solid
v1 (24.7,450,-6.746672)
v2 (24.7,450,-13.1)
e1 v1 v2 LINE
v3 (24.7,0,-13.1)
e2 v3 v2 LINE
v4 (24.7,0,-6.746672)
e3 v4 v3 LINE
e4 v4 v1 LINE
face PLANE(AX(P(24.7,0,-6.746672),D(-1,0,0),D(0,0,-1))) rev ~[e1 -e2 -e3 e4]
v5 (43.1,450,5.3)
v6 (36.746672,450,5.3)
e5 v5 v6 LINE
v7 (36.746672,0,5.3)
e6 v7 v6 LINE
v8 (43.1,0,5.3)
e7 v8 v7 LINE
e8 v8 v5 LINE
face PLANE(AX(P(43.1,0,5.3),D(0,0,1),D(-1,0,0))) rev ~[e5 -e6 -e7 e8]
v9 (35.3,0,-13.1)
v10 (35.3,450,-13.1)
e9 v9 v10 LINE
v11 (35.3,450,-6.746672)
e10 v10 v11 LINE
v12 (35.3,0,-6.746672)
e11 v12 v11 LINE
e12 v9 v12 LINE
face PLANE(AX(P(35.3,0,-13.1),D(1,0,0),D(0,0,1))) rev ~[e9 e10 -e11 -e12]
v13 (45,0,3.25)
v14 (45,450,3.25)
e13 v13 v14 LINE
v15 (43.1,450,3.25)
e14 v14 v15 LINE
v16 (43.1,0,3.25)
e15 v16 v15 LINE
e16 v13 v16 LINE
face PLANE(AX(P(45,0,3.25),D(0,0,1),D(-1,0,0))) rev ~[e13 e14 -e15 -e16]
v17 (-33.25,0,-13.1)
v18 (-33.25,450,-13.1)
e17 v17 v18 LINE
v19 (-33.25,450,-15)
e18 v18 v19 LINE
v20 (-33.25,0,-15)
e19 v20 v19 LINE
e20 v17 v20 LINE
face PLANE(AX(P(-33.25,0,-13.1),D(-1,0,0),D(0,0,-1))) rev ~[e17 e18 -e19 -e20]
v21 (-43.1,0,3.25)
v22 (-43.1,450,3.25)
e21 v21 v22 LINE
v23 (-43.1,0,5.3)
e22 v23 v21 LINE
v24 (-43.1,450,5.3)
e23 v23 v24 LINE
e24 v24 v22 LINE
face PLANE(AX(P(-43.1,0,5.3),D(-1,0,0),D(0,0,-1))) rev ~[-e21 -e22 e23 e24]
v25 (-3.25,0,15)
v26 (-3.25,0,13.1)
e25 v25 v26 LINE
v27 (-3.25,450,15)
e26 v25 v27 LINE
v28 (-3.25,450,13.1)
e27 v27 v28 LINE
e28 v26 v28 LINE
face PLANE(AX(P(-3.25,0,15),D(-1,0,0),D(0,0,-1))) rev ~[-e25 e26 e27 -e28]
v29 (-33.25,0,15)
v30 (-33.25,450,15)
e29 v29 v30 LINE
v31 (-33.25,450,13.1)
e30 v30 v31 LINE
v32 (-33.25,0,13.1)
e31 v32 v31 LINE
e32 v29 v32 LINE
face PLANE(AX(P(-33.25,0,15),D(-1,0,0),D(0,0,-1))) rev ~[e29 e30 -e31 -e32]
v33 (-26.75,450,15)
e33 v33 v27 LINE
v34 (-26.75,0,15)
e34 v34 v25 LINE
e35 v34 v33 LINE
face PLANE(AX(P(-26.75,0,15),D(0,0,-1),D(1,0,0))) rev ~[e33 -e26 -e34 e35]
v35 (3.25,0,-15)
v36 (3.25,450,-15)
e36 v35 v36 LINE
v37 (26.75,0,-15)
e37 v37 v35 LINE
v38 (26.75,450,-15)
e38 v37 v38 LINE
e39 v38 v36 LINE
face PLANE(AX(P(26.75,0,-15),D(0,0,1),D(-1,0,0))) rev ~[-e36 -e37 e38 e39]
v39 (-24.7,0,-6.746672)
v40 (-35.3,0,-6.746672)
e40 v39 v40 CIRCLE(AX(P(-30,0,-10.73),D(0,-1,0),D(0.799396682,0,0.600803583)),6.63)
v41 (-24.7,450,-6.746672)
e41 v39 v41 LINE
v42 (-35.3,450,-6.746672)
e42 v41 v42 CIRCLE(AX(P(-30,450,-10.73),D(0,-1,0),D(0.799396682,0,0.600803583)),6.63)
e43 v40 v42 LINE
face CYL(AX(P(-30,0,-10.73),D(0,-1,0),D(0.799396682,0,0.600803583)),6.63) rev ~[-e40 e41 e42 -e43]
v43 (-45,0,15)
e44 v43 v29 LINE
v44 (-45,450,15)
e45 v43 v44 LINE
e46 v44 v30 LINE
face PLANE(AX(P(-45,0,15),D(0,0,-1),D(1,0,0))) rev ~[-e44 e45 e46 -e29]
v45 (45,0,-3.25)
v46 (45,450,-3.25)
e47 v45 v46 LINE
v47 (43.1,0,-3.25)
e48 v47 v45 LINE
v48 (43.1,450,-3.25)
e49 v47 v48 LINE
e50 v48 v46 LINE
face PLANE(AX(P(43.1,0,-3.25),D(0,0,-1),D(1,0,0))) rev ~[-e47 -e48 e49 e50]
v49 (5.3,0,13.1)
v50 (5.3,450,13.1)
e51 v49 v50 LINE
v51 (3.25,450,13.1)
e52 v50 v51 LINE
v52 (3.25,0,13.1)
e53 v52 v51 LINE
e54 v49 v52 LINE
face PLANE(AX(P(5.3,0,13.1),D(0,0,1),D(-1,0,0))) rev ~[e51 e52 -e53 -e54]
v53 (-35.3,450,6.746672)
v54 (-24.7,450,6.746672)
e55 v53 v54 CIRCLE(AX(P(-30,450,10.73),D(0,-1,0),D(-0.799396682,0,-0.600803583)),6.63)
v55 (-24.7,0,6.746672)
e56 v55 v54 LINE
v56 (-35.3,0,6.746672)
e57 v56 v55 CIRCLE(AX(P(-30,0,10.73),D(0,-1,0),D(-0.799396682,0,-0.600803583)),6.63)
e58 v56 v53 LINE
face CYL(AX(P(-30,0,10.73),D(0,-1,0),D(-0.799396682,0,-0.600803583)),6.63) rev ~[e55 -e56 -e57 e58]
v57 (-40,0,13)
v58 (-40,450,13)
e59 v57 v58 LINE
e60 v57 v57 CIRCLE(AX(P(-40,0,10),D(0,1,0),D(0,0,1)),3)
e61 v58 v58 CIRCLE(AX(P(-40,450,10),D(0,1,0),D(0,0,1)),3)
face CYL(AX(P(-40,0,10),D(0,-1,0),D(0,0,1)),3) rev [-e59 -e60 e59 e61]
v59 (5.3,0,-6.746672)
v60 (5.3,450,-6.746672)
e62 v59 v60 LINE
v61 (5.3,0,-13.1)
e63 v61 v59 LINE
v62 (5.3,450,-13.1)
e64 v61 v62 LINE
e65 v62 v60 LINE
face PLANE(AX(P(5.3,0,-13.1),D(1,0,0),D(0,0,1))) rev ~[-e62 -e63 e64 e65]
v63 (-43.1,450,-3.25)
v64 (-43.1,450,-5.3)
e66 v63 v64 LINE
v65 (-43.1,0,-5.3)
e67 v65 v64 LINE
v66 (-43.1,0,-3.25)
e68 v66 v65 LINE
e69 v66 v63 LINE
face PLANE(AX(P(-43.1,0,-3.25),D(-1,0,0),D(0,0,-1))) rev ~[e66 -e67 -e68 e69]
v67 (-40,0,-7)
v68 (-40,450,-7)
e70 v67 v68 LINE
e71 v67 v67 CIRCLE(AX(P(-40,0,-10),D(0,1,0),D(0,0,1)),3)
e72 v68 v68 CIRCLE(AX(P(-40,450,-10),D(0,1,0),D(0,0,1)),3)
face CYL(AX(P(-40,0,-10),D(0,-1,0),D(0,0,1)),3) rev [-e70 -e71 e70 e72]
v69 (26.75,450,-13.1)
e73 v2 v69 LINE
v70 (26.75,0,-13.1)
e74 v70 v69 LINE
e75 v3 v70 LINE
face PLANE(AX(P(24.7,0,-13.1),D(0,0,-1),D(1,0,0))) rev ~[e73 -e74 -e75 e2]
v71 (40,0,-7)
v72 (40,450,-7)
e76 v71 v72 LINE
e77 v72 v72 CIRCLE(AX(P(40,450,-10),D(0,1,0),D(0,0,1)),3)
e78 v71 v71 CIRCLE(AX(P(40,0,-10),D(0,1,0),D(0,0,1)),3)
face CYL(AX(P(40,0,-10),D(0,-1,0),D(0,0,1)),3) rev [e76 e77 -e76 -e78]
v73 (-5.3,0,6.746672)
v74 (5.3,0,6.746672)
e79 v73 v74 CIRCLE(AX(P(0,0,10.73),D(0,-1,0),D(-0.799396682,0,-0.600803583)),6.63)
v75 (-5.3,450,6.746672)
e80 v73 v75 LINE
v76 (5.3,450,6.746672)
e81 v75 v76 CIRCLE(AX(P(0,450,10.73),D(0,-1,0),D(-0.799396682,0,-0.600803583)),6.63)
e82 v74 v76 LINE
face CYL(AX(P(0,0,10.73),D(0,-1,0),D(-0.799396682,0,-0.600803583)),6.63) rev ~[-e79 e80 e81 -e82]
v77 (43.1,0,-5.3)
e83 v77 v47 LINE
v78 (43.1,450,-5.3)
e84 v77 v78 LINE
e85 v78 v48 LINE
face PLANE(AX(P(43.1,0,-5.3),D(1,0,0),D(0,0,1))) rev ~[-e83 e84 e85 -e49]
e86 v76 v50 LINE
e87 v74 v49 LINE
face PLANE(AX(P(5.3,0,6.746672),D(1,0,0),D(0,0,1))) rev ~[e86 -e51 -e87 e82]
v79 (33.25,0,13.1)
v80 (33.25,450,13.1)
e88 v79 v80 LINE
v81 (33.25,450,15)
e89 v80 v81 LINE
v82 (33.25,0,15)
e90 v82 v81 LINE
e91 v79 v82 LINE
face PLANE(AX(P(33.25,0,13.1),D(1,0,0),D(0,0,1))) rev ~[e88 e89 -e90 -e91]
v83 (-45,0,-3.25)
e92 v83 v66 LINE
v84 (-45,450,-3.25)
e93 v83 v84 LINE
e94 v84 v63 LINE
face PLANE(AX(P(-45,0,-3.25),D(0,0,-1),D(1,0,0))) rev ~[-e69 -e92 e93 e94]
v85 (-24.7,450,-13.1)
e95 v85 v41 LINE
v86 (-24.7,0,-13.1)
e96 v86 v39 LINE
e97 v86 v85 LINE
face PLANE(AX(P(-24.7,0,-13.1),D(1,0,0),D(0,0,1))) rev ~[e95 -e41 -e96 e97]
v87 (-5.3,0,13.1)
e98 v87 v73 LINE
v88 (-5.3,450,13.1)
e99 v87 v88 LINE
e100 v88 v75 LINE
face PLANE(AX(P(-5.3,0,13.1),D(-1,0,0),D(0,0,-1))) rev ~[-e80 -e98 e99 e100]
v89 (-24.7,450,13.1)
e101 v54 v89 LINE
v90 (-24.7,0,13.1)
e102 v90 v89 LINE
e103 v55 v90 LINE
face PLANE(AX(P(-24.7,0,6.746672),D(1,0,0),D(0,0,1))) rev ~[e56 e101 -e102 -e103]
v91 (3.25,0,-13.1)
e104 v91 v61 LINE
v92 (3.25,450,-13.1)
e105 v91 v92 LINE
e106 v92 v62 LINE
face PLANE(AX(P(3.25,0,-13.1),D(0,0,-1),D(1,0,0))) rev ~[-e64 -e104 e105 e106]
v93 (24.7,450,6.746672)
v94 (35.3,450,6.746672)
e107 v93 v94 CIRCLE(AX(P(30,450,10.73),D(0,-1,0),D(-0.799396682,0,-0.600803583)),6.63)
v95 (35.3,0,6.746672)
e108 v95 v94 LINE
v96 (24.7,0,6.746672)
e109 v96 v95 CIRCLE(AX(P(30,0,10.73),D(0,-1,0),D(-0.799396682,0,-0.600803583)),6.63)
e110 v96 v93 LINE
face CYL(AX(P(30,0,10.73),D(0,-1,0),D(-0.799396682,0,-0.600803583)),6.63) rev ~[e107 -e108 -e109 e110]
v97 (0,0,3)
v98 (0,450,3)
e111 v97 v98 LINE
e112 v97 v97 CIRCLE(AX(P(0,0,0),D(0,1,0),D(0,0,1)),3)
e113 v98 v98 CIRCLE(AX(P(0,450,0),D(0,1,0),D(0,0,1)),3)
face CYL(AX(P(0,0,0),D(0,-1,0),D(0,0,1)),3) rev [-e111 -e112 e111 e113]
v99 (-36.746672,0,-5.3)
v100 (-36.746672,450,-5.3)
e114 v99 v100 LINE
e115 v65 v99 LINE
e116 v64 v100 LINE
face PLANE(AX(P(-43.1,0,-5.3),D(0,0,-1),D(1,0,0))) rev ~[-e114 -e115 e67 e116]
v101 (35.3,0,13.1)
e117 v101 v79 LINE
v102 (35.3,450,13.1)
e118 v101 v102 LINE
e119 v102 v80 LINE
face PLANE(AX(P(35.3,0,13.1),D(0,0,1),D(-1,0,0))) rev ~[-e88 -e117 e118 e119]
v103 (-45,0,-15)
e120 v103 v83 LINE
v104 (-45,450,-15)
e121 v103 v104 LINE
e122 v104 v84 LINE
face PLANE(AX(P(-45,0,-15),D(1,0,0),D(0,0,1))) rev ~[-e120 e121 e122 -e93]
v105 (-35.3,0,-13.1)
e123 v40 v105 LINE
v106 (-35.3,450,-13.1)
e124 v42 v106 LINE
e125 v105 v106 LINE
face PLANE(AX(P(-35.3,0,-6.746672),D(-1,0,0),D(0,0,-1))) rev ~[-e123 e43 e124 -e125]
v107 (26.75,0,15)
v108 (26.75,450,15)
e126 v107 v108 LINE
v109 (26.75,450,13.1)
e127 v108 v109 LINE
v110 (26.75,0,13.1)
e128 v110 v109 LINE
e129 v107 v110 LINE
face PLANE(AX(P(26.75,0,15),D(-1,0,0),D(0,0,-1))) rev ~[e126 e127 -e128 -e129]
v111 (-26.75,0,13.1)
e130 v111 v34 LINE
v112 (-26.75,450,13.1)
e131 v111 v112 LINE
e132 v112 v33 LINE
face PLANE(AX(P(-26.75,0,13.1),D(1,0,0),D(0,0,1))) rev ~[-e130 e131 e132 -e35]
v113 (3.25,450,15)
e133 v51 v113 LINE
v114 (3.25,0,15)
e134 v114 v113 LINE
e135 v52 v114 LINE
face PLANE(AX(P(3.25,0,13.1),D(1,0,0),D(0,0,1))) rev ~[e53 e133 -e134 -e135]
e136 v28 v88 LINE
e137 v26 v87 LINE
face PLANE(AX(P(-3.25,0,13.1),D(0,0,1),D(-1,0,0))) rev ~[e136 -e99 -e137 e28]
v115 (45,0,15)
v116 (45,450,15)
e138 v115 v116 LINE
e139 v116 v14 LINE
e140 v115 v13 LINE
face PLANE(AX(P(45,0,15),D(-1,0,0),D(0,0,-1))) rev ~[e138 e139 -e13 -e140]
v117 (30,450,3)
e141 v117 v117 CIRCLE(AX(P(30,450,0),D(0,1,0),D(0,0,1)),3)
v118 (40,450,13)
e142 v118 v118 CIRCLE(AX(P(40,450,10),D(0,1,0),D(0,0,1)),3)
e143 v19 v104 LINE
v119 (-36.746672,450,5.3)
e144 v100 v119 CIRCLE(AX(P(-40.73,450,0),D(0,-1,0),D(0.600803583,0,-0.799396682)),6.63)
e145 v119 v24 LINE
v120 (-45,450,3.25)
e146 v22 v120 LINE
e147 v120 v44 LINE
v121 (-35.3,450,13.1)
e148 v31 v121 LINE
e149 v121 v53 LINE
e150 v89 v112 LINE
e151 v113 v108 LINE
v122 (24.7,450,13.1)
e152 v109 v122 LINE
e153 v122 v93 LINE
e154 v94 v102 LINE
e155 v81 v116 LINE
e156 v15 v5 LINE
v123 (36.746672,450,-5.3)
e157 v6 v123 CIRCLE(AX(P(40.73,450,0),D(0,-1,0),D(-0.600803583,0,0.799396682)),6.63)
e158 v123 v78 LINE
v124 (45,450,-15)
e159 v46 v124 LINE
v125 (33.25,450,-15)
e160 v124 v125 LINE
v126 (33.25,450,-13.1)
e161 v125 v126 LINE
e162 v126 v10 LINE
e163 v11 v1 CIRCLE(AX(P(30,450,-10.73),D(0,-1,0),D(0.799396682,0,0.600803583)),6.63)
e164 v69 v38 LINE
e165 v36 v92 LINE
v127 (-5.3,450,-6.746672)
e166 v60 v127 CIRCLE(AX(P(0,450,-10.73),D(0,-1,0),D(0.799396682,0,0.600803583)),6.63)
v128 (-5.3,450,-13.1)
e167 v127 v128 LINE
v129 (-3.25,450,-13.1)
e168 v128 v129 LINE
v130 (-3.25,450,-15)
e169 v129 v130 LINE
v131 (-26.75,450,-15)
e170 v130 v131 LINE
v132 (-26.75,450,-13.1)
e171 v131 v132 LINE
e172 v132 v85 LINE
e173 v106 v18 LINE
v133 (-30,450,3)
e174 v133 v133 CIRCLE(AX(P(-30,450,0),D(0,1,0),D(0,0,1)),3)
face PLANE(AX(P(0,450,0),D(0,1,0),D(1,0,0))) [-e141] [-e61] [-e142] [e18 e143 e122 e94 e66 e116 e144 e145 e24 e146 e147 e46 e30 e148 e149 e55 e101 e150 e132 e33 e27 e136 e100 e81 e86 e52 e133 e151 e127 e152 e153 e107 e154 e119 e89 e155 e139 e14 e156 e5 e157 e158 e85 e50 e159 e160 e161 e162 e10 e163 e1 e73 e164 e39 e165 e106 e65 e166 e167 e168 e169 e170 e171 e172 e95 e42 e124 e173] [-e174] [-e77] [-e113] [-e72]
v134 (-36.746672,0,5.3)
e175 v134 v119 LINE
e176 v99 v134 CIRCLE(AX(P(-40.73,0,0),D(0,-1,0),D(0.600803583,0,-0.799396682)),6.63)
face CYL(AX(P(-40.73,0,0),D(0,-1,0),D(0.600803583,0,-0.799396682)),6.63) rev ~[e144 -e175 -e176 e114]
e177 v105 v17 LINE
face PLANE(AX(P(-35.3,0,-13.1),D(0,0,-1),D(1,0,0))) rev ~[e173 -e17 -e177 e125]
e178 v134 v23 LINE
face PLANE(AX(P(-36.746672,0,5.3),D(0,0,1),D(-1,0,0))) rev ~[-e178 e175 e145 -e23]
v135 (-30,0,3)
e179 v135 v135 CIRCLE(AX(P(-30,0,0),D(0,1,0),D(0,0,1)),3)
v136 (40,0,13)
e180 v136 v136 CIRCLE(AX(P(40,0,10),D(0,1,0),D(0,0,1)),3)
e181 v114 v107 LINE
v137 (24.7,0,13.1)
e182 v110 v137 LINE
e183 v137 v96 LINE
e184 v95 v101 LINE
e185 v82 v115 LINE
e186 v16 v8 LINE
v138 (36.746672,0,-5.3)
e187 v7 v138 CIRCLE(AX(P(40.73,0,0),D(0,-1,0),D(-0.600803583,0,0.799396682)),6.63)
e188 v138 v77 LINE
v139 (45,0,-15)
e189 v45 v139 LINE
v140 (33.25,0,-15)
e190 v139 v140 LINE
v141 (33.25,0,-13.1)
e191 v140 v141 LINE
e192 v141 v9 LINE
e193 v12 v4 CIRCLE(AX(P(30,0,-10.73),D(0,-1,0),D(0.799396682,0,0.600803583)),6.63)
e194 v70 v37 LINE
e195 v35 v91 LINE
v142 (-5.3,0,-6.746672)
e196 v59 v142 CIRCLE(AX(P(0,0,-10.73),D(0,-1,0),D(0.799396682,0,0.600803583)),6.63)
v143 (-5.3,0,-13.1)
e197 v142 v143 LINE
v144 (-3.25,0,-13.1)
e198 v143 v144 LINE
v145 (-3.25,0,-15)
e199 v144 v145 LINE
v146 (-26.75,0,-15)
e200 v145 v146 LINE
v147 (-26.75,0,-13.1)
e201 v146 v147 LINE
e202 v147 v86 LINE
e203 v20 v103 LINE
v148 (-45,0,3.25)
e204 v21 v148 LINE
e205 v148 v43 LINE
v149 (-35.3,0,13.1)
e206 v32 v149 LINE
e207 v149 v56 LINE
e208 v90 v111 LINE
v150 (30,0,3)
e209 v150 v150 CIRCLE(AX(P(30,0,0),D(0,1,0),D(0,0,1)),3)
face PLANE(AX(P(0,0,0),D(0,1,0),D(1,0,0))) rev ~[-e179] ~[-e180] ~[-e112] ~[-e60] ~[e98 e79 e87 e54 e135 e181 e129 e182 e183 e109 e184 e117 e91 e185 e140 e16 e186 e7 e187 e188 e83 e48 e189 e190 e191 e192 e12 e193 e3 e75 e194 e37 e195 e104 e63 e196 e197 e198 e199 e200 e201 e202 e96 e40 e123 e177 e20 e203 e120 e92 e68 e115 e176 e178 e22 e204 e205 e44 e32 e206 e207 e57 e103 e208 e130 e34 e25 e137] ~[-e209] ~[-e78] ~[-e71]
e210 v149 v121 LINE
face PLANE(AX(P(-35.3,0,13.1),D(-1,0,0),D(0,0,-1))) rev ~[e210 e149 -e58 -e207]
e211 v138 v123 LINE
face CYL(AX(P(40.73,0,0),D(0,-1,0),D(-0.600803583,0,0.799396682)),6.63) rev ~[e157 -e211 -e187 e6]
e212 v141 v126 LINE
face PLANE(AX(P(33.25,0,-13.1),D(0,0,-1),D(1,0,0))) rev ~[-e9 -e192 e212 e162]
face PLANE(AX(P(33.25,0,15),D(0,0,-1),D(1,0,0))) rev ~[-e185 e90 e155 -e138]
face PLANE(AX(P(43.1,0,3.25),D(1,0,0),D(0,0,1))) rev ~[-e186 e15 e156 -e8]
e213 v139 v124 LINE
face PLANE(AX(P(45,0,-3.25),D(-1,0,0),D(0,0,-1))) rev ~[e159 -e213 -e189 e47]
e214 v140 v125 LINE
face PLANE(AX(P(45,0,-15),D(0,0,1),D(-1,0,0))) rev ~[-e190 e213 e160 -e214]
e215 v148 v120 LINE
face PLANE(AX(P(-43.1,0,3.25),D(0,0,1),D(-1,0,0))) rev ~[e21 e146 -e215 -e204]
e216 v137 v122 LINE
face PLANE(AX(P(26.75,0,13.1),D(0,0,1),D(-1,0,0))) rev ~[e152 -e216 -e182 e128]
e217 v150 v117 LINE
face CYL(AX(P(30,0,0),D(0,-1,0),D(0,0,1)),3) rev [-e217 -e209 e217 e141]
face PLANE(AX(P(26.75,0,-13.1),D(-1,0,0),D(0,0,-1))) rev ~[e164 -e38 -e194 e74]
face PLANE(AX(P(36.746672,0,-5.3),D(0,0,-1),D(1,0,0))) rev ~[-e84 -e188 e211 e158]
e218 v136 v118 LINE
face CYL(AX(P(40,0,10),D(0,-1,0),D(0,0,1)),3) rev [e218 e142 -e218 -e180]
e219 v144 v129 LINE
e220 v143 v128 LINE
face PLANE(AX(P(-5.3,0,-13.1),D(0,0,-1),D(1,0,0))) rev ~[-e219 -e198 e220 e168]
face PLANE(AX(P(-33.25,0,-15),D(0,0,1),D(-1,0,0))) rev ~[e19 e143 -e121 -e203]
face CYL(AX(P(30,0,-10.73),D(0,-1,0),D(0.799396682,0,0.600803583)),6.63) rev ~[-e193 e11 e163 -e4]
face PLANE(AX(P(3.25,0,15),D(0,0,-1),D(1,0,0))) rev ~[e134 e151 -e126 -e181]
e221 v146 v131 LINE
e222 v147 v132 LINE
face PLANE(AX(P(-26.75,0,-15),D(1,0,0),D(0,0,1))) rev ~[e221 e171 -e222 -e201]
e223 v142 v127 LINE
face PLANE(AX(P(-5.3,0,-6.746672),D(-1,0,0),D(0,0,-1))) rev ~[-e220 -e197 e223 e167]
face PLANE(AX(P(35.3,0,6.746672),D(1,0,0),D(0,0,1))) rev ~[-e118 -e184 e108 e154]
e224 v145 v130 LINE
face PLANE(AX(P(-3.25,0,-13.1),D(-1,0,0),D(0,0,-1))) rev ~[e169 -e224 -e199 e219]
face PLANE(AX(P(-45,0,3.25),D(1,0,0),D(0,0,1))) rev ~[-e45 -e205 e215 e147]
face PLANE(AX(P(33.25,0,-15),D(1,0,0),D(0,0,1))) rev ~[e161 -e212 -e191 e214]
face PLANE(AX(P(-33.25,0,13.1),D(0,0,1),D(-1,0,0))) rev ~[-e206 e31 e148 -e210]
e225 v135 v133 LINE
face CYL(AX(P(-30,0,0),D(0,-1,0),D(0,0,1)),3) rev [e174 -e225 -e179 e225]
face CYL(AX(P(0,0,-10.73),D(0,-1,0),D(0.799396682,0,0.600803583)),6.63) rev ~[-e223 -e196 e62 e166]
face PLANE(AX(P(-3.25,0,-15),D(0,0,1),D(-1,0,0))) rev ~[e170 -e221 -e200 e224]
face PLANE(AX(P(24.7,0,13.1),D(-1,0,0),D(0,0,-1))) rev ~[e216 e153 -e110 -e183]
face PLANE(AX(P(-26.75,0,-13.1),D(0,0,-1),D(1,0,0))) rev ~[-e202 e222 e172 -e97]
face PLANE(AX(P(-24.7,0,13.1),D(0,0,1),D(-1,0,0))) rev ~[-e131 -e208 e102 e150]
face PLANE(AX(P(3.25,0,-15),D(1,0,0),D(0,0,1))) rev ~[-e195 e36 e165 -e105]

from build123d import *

# Parameters (mm, degrees)
SKETCH_1_R      = 3
EXTRUDE_1_DEPTH = 450


with BuildPart() as part:
    # 草图1 → 凸台-拉伸1 (new body)
    with BuildSketch(Plane(origin=(0, 0, 0), x_dir=(1, 0, 0), z_dir=(0, 1, 0))):
        with BuildLine():
            Line((-33.25, 15), (-45, 15))
            Line((-45, 15), (-45, 3.25))
            Line((-45, 3.25), (-43.1, 3.25))
            Line((-43.1, 3.25), (-43.1, 5.3))
            Line((-43.1, 5.3), (-36.746672245, 5.3))
            ThreePointArc((-36.746672245, 5.3), (-34.1, 0), (-36.746672245, -5.3))
            Line((-36.746672245, -5.3), (-43.1, -5.3))
            Line((-43.1, -5.3), (-43.1, -3.25))
            Line((-43.1, -3.25), (-45, -3.25))
            Line((-45, -3.25), (-45, -15))
            Line((-45, -15), (-33.25, -15))
            Line((-33.25, -15), (-33.25, -13.1))
            Line((-33.25, -13.1), (-35.3, -13.1))
            Line((-35.3, -13.1), (-35.3, -6.746672245))
            ThreePointArc((-35.3, -6.746672245), (-30, -4.1), (-24.7, -6.746672245))
            Line((-24.7, -6.746672245), (-24.7, -13.1))
            Line((-24.7, -13.1), (-26.75, -13.1))
            Line((-26.75, -13.1), (-26.75, -15))
            Line((-26.75, -15), (-3.25, -15))
            Line((-3.25, -15), (-3.25, -13.1))
            Line((-3.25, -13.1), (-5.3, -13.1))
            Line((-5.3, -13.1), (-5.3, -6.746672245))
            ThreePointArc((-5.3, -6.746672245), (0, -4.1), (5.3, -6.746672245))
            Line((5.3, -6.746672245), (5.3, -13.1))
            Line((5.3, -13.1), (3.25, -13.1))
            Line((3.25, -13.1), (3.25, -15))
            Line((3.25, -15), (26.75, -15))
            Line((26.75, -15), (26.75, -13.1))
            Line((26.75, -13.1), (24.7, -13.1))
            Line((24.7, -13.1), (24.7, -6.746672245))
            ThreePointArc((24.7, -6.746672245), (30, -4.1), (35.3, -6.746672245))
            Line((35.3, -6.746672245), (35.3, -13.1))
            Line((35.3, -13.1), (33.25, -13.1))
            Line((33.25, -13.1), (33.25, -15))
            Line((33.25, -15), (45, -15))
            Line((45, -15), (45, -3.25))
            Line((45, -3.25), (43.1, -3.25))
            Line((43.1, -3.25), (43.1, -5.3))
            Line((43.1, -5.3), (36.746672245, -5.3))
            ThreePointArc((36.746672245, -5.3), (34.1, 0), (36.746672245, 5.3))
            Line((36.746672245, 5.3), (43.1, 5.3))
            Line((43.1, 5.3), (43.1, 3.25))
            Line((43.1, 3.25), (45, 3.25))
            Line((45, 3.25), (45, 15))
            Line((45, 15), (33.25, 15))
            Line((33.25, 15), (33.25, 13.1))
            Line((33.25, 13.1), (35.3, 13.1))
            Line((35.3, 13.1), (35.3, 6.746672245))
            ThreePointArc((35.3, 6.746672245), (30, 4.1), (24.7, 6.746672245))
            Line((24.7, 6.746672245), (24.7, 13.1))
            Line((24.7, 13.1), (26.75, 13.1))
            Line((26.75, 13.1), (26.75, 15))
            Line((26.75, 15), (3.25, 15))
            Line((3.25, 15), (3.25, 13.1))
            Line((3.25, 13.1), (5.3, 13.1))
            Line((5.3, 13.1), (5.3, 6.746672245))
            ThreePointArc((5.3, 6.746672245), (0, 4.1), (-5.3, 6.746672245))
            Line((-5.3, 6.746672245), (-5.3, 13.1))
            Line((-5.3, 13.1), (-3.25, 13.1))
            Line((-3.25, 13.1), (-3.25, 15))
            Line((-3.25, 15), (-26.75, 15))
            Line((-26.75, 15), (-26.75, 13.1))
            Line((-26.75, 13.1), (-24.7, 13.1))
            Line((-24.7, 13.1), (-24.7, 6.746672245))
            ThreePointArc((-24.7, 6.746672245), (-30, 4.1), (-35.3, 6.746672245))
            Line((-35.3, 6.746672245), (-35.3, 13.1))
            Line((-35.3, 13.1), (-33.25, 13.1))
            Line((-33.25, 13.1), (-33.25, 15))
        make_face()
        with Locations(Location((-40, -10, 0), (0, 0, 270))):
            Circle(SKETCH_1_R, mode=Mode.SUBTRACT)
        with Locations(Location((-30, 0, 0), (0, 0, 270))):
            Circle(SKETCH_1_R, mode=Mode.SUBTRACT)
        with Locations(Location((0, 0, 0), (0, 0, 270))):
            Circle(SKETCH_1_R, mode=Mode.SUBTRACT)
        with Locations(Location((40, -10, 0), (0, 0, 270))):
            Circle(SKETCH_1_R, mode=Mode.SUBTRACT)
        with Locations(Location((-40, 10, 0), (0, 0, 270))):
            Circle(SKETCH_1_R, mode=Mode.SUBTRACT)
        with Locations(Location((30, 0, 0), (0, 0, 270))):
            Circle(SKETCH_1_R, mode=Mode.SUBTRACT)
        with Locations(Location((40, 10, 0), (0, 0, 270))):
            Circle(SKETCH_1_R, mode=Mode.SUBTRACT)
    extrude(amount=EXTRUDE_1_DEPTH)


solid = part.part
